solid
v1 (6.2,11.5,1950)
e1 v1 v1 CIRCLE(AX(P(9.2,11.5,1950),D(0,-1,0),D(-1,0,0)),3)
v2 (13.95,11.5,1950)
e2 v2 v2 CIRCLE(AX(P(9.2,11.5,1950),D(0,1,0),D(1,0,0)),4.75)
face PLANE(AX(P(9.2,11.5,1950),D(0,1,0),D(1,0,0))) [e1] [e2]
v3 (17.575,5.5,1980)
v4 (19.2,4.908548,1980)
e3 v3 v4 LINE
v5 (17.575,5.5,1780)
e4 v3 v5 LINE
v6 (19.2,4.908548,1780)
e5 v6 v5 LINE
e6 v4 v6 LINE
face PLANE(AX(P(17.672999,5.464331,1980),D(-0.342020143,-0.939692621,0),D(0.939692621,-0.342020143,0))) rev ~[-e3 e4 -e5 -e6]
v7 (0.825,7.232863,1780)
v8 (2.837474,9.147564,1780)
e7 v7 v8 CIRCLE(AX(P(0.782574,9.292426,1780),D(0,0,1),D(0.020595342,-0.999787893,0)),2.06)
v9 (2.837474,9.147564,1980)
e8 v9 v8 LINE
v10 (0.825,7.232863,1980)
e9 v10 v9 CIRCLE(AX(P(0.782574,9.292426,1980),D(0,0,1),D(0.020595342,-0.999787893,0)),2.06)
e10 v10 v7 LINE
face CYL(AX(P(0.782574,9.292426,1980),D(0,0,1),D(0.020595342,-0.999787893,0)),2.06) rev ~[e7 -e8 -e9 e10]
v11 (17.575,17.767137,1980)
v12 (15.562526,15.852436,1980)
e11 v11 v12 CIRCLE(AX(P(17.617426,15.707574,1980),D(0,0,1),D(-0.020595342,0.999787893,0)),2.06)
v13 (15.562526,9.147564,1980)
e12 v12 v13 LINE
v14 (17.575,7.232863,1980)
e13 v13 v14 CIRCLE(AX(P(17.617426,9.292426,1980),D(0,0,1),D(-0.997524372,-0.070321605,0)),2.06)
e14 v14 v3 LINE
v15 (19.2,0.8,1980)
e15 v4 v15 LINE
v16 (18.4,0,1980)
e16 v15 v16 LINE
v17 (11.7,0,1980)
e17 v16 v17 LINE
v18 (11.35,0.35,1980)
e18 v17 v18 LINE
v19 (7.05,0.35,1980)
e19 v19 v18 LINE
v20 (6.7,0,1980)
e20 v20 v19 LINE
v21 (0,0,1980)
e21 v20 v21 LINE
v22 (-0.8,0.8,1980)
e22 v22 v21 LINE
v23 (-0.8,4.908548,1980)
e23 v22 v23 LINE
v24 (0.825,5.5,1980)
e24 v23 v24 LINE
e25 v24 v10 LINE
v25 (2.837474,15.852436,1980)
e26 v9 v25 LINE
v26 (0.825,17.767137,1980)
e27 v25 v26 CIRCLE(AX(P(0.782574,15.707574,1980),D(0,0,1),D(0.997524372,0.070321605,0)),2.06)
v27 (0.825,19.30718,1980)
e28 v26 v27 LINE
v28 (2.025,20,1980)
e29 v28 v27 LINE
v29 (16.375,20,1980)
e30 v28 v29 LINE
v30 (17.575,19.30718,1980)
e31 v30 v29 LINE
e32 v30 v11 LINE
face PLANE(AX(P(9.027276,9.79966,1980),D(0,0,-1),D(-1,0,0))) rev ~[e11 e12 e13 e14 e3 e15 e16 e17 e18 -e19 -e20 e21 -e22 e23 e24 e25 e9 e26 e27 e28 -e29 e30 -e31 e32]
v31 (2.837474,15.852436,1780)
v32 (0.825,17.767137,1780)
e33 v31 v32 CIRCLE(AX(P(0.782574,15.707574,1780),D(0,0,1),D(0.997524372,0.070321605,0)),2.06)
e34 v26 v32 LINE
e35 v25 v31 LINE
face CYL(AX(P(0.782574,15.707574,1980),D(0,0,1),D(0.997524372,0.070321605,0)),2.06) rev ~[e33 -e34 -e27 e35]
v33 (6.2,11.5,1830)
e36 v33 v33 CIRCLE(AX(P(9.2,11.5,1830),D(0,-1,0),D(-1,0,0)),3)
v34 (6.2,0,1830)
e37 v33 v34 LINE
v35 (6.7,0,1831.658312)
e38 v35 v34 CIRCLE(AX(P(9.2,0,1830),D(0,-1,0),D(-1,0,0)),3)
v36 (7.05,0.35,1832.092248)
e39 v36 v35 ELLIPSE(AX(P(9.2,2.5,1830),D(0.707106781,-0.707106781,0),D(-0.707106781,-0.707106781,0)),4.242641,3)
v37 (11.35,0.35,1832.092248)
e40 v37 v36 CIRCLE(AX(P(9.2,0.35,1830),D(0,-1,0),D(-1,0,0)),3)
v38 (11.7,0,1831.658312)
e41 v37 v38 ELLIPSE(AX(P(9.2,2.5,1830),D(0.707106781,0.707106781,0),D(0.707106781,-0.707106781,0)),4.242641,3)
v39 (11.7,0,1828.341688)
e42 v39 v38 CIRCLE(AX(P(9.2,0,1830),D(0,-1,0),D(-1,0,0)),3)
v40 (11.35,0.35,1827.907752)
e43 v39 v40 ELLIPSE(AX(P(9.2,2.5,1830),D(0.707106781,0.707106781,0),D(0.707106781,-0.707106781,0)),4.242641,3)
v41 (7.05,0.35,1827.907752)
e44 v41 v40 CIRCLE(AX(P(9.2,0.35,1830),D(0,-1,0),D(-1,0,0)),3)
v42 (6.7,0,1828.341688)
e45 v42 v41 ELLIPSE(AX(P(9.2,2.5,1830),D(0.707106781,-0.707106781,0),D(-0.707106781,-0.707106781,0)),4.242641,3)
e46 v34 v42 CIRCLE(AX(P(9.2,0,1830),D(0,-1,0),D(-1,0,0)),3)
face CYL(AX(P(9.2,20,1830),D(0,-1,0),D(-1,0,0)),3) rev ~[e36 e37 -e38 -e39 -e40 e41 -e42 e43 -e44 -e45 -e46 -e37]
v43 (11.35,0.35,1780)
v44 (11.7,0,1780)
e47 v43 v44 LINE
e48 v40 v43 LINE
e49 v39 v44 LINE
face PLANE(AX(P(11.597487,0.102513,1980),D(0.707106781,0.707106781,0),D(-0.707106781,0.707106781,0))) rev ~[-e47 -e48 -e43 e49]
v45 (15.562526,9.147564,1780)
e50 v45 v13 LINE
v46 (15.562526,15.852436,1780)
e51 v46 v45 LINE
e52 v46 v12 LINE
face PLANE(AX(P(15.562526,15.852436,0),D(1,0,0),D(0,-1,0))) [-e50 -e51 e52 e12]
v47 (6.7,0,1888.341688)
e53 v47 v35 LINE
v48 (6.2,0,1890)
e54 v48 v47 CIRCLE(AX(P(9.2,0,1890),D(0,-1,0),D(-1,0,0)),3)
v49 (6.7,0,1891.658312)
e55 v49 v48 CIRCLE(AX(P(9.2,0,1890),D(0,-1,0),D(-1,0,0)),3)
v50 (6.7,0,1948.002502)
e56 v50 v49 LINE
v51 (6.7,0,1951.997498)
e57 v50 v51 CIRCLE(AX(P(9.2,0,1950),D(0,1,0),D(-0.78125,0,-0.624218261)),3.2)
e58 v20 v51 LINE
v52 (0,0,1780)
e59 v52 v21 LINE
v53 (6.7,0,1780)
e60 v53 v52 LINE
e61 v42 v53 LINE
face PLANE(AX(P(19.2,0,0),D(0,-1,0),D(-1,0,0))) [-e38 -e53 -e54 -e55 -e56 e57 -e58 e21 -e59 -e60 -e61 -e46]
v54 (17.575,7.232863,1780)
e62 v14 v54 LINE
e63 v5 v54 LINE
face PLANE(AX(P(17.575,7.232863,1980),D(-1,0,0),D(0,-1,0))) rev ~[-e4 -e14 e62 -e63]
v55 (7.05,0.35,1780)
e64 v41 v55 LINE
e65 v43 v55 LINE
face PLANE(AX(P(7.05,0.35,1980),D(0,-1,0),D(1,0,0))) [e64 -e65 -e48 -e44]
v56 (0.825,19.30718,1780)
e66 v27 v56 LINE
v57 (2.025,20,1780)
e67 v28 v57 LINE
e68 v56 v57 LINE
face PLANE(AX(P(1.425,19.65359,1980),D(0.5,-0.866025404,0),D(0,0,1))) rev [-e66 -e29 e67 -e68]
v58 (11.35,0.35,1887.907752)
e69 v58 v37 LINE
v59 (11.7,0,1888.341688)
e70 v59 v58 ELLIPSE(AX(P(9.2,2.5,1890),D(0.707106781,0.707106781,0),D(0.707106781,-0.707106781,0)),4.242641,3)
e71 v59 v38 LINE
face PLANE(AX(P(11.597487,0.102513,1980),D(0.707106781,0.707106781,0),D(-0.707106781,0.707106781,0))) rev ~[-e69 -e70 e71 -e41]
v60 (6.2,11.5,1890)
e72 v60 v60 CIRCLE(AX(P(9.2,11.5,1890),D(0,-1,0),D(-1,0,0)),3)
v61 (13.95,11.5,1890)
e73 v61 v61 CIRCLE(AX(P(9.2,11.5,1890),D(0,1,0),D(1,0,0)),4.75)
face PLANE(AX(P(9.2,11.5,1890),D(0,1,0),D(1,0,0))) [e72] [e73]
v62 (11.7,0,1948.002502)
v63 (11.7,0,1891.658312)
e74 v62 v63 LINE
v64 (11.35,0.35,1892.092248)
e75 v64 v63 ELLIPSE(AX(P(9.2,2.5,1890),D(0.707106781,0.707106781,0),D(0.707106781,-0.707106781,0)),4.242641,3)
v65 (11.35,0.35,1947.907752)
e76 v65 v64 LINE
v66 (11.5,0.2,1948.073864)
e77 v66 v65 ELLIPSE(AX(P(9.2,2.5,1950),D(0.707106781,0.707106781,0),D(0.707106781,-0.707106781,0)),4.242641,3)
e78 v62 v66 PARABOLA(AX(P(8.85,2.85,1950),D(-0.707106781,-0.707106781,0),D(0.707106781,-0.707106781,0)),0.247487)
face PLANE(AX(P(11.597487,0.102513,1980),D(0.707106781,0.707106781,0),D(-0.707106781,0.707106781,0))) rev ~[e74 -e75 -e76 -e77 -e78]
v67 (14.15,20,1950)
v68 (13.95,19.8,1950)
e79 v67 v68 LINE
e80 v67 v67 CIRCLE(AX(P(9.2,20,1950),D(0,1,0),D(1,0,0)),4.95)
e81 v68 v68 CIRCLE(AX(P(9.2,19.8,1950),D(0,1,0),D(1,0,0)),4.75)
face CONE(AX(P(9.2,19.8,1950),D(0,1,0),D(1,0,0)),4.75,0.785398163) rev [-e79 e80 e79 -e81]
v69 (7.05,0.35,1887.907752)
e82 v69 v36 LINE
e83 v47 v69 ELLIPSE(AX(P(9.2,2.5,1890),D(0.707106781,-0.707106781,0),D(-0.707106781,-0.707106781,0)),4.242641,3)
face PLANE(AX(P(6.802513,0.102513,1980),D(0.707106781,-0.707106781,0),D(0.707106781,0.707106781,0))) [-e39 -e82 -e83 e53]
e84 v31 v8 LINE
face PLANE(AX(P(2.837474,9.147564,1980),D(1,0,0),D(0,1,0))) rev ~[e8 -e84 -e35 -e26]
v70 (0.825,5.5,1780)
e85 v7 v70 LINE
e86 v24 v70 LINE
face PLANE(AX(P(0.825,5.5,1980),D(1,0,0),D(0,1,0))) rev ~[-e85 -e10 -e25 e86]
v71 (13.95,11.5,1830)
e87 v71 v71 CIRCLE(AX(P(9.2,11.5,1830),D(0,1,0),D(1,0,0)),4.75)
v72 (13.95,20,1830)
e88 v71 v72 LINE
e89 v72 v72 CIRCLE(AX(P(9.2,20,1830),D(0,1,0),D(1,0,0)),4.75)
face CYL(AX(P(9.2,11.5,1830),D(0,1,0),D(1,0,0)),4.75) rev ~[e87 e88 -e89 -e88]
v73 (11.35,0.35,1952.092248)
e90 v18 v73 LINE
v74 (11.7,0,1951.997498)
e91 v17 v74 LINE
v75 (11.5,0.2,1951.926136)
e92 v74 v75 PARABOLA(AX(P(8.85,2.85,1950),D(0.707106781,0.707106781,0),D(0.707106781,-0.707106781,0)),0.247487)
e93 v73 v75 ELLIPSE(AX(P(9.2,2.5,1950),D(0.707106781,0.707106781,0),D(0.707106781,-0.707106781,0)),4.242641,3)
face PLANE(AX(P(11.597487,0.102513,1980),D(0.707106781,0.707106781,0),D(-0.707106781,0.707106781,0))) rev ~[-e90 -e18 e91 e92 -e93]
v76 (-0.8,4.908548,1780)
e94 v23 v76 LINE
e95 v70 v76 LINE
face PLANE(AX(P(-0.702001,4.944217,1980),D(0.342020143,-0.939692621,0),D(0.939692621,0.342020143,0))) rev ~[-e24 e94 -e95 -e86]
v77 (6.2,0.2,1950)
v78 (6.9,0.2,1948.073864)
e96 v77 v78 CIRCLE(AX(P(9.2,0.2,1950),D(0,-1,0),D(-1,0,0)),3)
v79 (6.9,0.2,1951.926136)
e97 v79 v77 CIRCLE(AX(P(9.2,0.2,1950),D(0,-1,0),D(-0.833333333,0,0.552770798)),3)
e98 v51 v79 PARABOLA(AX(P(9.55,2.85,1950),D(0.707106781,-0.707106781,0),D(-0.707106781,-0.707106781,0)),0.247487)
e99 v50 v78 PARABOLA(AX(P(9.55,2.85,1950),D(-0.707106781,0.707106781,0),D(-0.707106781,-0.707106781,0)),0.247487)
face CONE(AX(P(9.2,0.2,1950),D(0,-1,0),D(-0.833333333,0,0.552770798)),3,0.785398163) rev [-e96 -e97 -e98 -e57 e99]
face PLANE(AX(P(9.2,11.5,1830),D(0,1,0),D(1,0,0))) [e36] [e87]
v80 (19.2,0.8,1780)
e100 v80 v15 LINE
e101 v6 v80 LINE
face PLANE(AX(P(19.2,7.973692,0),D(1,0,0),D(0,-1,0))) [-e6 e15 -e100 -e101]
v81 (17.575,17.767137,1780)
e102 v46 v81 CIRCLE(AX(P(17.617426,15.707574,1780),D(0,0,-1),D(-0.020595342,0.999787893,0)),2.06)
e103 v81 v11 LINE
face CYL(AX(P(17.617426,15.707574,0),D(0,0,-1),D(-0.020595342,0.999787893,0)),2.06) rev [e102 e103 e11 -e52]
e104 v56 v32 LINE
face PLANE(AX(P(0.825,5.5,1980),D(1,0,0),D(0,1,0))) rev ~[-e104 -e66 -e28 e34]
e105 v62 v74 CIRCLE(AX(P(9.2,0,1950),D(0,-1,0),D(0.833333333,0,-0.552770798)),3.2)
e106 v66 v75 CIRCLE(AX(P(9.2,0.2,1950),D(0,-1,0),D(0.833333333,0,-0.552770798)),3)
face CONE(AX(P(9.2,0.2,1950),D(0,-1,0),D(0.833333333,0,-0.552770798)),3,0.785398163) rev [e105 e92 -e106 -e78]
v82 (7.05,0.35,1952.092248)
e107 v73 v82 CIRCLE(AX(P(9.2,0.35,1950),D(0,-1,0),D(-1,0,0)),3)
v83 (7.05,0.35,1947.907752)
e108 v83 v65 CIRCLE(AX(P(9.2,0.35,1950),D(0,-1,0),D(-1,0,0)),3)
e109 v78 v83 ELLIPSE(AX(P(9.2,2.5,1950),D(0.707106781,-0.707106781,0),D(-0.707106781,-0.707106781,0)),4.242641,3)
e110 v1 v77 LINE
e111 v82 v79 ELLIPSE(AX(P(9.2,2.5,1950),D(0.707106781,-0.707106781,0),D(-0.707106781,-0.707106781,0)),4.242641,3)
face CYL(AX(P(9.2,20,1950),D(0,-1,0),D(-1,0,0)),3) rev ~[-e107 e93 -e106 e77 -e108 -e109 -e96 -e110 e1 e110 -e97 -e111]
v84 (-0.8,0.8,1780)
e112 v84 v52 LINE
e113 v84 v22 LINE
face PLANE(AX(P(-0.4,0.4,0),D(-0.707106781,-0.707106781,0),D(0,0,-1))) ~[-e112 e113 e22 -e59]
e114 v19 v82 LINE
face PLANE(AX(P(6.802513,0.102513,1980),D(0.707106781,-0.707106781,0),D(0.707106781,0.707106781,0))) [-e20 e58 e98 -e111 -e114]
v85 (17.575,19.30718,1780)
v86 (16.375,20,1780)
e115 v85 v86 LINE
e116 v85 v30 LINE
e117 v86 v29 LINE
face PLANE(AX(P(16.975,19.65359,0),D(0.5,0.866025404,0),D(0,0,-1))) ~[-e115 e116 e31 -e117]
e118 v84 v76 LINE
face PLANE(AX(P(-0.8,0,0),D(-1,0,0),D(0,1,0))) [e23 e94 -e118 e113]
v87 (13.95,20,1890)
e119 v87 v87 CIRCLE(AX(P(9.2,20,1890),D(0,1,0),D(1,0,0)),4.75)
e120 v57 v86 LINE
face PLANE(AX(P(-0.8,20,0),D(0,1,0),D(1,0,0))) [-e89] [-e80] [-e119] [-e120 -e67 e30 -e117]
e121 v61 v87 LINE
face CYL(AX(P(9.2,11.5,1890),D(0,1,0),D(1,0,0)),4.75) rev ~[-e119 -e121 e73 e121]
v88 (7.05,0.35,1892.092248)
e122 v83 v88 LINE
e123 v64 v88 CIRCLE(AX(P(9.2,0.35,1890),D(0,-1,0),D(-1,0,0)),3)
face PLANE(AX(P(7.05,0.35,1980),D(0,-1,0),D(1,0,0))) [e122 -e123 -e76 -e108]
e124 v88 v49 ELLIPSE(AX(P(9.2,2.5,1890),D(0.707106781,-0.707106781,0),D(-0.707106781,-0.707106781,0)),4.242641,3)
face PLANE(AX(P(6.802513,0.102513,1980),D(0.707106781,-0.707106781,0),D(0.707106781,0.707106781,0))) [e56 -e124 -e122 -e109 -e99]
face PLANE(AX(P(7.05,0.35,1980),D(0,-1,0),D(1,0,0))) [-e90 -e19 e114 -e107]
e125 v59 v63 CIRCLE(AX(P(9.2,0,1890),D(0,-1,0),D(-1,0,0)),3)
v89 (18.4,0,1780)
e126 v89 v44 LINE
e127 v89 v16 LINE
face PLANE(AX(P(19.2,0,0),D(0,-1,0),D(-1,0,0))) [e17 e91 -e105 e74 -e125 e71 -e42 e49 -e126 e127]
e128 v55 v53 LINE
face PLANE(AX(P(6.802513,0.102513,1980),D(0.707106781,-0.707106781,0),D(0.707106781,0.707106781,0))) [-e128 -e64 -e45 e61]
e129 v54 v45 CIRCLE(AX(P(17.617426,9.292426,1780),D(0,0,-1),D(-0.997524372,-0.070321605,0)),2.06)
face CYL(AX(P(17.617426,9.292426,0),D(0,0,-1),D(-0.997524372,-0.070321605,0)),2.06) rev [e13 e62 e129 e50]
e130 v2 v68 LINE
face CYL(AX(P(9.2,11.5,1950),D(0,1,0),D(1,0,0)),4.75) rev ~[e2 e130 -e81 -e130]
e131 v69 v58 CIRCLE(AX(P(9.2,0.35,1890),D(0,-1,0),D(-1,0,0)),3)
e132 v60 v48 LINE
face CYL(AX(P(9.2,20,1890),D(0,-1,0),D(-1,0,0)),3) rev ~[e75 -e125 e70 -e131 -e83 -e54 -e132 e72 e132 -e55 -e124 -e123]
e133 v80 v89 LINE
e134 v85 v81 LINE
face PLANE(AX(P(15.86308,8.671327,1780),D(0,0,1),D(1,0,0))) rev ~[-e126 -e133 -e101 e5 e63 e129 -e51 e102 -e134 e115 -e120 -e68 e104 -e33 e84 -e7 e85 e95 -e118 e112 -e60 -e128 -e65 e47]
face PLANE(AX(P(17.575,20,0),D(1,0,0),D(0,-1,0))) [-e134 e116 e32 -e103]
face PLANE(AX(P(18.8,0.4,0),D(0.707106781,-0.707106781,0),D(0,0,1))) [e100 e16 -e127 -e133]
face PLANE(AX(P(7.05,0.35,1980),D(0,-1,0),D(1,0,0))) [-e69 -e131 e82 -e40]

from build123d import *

# Parameters (mm, degrees)
BOSS_EXTRU_1_DEPTH      = 1980
ENL_V_MAT_EXTRU_1_DEPTH = 1981.194091497
ESQUISSE3_W             = 4.3
ESQUISSE3_H             = 0.35
ENL_V_MAT_EXTRU_2_DEPTH = 1980
ESQUISSE4_W             = 1.625
ESQUISSE4_H             = 14.5
ENL_V_MAT_EXTRU_3_DEPTH = 1981.194091497
ENL_V_MAT_EXTRU_4_DEPTH = 1981.194091497
D_POUILLE1_ANGLE        = 20
D_POUILLE2_ANGLE        = 20
D_POUILLE3_ANGLE        = 45
PER_AGE1_D              = 6
PER_AGE1_DEPTH          = 20
PER_AGE1_CBORE_D        = 9.5
PER_AGE1_CBORE_DEPTH    = 8.5
CHANFREIN1_SIZE         = 0.8
CHANFREIN2_SIZE         = 1.2
CHANFREIN2_SIZE2        = 0.692820323
CHANFREIN3_SIZE         = 0.2
CHANFREIN4_SIZE         = 0.692820323
CHANFREIN4_SIZE2        = 1.2
ENL_V_START             = -200
ESQUISSE12_W            = 78.153878041
ESQUISSE12_H            = 74.514600195
ENL_V_MAT_EXTRU_5_DEPTH = 1781.194091497


with BuildPart() as part:
    # Esquisse1 → Boss.-Extru.1 (new body)
    with BuildSketch(Plane(origin=(0, 0, 0), x_dir=(-1, 0, 0), z_dir=(0, 0, -1))):
        with BuildLine():
            Line((-19.2, 7.973691854), (-19.2, 0))
            Line((-19.2, 0), (0.8, 0))
            Line((0.8, 0), (0.8, 20))
            Line((0.8, 20), (-17.575, 20))
            Line((-17.575, 20), (-17.575, 17.767136655))
            ThreePointArc((-17.575, 17.767136655), (-16.197491801, 17.200016465), (-15.5625262, 15.852436102))
            Line((-15.5625262, 15.852436102), (-15.5625262, 9.147563898))
            ThreePointArc((-15.5625262, 9.147563898), (-16.984759825, 7.331984363), (-19.2, 7.973691854))
        make_face()
    extrude(amount=-BOSS_EXTRU_1_DEPTH)

    # Esquisse2 → Enlèv. mat.-Extru.1 (cut, through all)
    with BuildSketch(Plane.XY.offset(1980)):
        with BuildLine():
            Line((17.575, 7.232863345), (17.575, 4.908548369))
            Line((17.575, 4.908548369), (19.2, 4.908548369))
            Line((19.2, 4.908548369), (19.2, 7.973691854))
            ThreePointArc((19.2, 7.973691854), (18.471955551, 7.418025184), (17.575, 7.232863345))
        make_face()
    extrude(amount=-ENL_V_MAT_EXTRU_1_DEPTH, mode=Mode.SUBTRACT)

    # Esquisse3 → Enlèv. mat.-Extru.2 (cut)
    with BuildSketch(Plane.XY.offset(1980)):
        with Locations((9.2, 0.175)):
            Rectangle(ESQUISSE3_W, ESQUISSE3_H)
    extrude(amount=-ENL_V_MAT_EXTRU_2_DEPTH, mode=Mode.SUBTRACT)

    # Esquisse4 → Enlèv. mat.-Extru.3 (cut, through all)
    with BuildSketch(Plane.XY.offset(1980)):
        with Locations((0.0125, 12.75)):
            Rectangle(ESQUISSE4_W, ESQUISSE4_H)
    extrude(amount=-ENL_V_MAT_EXTRU_3_DEPTH, mode=Mode.SUBTRACT)

    # Esquisse5 → Enlèv. mat.-Extru.4 (cut, through all)
    with BuildSketch(Plane.XY.offset(1980)):
        with BuildLine():
            Line((0.825, 17.767136655), (0.825, 7.232863345))
            ThreePointArc((0.825, 7.232863345), (2.202508199, 7.799983535), (2.8374738, 9.147563898))
            Line((2.8374738, 9.147563898), (2.8374738, 15.852436102))
            ThreePointArc((2.8374738, 15.852436102), (2.202508199, 17.200016465), (0.825, 17.767136655))
        make_face()
    extrude(amount=-ENL_V_MAT_EXTRU_4_DEPTH, mode=Mode.SUBTRACT)

    # Dépouille1
    d_pouille1_faces = [part.faces().sort_by_distance(p)[0] for p in [
        (0.0125, 5.5, 990),
    ]]
    draft(d_pouille1_faces, Plane(origin=(0.825, 5.5, 0), x_dir=(0, -1, 0), z_dir=(-1, 0, 0)), D_POUILLE1_ANGLE)

    # Dépouille2
    d_pouille2_faces = [part.faces().sort_by_distance(p)[0] for p in [
        (18.3875, 4.908548369, 990),
    ]]
    draft(d_pouille2_faces, Plane(origin=(19.2, 7.973691854, 1980), x_dir=(0, 0, 1), z_dir=(1, 0, 0)), D_POUILLE2_ANGLE)

    # Dépouille3
    d_pouille3_faces = [part.faces().sort_by_distance(p)[0] for p in [
        (11.35, 0.175, 990),
        (7.05, 0.175, 990),
    ]]
    draft(d_pouille3_faces, Plane(origin=(11.35, 0.35, 0), x_dir=(0, 0, -1), z_dir=(0, -1, 0)), D_POUILLE3_ANGLE)

    # Perçage1
    with Locations(Plane(origin=(0, 20, 0), x_dir=(1, 0, 0), z_dir=(0, 1, 0))):
        with Locations((9.2, -30), (9.2, -90), (9.2, -150), (9.2, -210), (9.2, -270), (9.2, -330), (9.2, -390), (9.2, -450), (9.2, -510), (9.2, -570), (9.2, -630), (9.2, -690), (9.2, -750), (9.2, -810), (9.2, -870), (9.2, -930), (9.2, -990), (9.2, -1050), (9.2, -1110), (9.2, -1170), (9.2, -1230), (9.2, -1290), (9.2, -1350), (9.2, -1410), (9.2, -1470), (9.2, -1530), (9.2, -1590), (9.2, -1650), (9.2, -1710), (9.2, -1770), (9.2, -1830), (9.2, -1890), (9.2, -1950)):
            CounterBoreHole(PER_AGE1_D / 2, PER_AGE1_CBORE_D / 2, PER_AGE1_CBORE_DEPTH, depth=PER_AGE1_DEPTH)

    # Chanfrein1
    chanfrein1_edges = [part.edges().sort_by_distance(p)[0] for p in [
        (-0.8, 0, 990),
        (19.2, 0, 990),
    ]]
    chamfer(chanfrein1_edges, length=CHANFREIN1_SIZE)

    # Chanfrein2
    chanfrein2_edges = [part.edges().sort_by_distance(p)[0] for p in [
        (0.825, 20, 990),
    ]]
    chanfrein2_side = [part.faces().sort_by_distance(p)[0] for p in [
        (9.2, 20, 19.800708478),
    ]]
    chamfer(chanfrein2_edges, length=CHANFREIN2_SIZE, length2=CHANFREIN2_SIZE2, reference=chanfrein2_side[0])

    # Chanfrein3
    chanfrein3_edges = [part.edges().sort_by_distance(p)[0] for p in [
        (12.2, 0, 1950),
        (6.327718677, 0, 1949.133974596),
        (4.45, 20, 1950),
    ]]
    chamfer(chanfrein3_edges, length=CHANFREIN3_SIZE)

    # Chanfrein4
    chanfrein4_edges = [part.edges().sort_by_distance(p)[0] for p in [
        (17.575, 20, 990),
    ]]
    chanfrein4_side = [part.faces().sort_by_distance(p)[0] for p in [
        (17.575, 18.883568328, 990),
    ]]
    chamfer(chanfrein4_edges, length=CHANFREIN4_SIZE, length2=CHANFREIN4_SIZE2, reference=chanfrein4_side[0])

    # Esquisse12 → Enlèv. mat.-Extru.5 (cut, through all)
    with BuildSketch(Plane.XY.offset(1980).offset(ENL_V_START)):
        with Locations((15.863080013, 8.671326529)):
            Rectangle(ESQUISSE12_W, ESQUISSE12_H)
    extrude(amount=-ENL_V_MAT_EXTRU_5_DEPTH, mode=Mode.SUBTRACT)


solid = part.part
